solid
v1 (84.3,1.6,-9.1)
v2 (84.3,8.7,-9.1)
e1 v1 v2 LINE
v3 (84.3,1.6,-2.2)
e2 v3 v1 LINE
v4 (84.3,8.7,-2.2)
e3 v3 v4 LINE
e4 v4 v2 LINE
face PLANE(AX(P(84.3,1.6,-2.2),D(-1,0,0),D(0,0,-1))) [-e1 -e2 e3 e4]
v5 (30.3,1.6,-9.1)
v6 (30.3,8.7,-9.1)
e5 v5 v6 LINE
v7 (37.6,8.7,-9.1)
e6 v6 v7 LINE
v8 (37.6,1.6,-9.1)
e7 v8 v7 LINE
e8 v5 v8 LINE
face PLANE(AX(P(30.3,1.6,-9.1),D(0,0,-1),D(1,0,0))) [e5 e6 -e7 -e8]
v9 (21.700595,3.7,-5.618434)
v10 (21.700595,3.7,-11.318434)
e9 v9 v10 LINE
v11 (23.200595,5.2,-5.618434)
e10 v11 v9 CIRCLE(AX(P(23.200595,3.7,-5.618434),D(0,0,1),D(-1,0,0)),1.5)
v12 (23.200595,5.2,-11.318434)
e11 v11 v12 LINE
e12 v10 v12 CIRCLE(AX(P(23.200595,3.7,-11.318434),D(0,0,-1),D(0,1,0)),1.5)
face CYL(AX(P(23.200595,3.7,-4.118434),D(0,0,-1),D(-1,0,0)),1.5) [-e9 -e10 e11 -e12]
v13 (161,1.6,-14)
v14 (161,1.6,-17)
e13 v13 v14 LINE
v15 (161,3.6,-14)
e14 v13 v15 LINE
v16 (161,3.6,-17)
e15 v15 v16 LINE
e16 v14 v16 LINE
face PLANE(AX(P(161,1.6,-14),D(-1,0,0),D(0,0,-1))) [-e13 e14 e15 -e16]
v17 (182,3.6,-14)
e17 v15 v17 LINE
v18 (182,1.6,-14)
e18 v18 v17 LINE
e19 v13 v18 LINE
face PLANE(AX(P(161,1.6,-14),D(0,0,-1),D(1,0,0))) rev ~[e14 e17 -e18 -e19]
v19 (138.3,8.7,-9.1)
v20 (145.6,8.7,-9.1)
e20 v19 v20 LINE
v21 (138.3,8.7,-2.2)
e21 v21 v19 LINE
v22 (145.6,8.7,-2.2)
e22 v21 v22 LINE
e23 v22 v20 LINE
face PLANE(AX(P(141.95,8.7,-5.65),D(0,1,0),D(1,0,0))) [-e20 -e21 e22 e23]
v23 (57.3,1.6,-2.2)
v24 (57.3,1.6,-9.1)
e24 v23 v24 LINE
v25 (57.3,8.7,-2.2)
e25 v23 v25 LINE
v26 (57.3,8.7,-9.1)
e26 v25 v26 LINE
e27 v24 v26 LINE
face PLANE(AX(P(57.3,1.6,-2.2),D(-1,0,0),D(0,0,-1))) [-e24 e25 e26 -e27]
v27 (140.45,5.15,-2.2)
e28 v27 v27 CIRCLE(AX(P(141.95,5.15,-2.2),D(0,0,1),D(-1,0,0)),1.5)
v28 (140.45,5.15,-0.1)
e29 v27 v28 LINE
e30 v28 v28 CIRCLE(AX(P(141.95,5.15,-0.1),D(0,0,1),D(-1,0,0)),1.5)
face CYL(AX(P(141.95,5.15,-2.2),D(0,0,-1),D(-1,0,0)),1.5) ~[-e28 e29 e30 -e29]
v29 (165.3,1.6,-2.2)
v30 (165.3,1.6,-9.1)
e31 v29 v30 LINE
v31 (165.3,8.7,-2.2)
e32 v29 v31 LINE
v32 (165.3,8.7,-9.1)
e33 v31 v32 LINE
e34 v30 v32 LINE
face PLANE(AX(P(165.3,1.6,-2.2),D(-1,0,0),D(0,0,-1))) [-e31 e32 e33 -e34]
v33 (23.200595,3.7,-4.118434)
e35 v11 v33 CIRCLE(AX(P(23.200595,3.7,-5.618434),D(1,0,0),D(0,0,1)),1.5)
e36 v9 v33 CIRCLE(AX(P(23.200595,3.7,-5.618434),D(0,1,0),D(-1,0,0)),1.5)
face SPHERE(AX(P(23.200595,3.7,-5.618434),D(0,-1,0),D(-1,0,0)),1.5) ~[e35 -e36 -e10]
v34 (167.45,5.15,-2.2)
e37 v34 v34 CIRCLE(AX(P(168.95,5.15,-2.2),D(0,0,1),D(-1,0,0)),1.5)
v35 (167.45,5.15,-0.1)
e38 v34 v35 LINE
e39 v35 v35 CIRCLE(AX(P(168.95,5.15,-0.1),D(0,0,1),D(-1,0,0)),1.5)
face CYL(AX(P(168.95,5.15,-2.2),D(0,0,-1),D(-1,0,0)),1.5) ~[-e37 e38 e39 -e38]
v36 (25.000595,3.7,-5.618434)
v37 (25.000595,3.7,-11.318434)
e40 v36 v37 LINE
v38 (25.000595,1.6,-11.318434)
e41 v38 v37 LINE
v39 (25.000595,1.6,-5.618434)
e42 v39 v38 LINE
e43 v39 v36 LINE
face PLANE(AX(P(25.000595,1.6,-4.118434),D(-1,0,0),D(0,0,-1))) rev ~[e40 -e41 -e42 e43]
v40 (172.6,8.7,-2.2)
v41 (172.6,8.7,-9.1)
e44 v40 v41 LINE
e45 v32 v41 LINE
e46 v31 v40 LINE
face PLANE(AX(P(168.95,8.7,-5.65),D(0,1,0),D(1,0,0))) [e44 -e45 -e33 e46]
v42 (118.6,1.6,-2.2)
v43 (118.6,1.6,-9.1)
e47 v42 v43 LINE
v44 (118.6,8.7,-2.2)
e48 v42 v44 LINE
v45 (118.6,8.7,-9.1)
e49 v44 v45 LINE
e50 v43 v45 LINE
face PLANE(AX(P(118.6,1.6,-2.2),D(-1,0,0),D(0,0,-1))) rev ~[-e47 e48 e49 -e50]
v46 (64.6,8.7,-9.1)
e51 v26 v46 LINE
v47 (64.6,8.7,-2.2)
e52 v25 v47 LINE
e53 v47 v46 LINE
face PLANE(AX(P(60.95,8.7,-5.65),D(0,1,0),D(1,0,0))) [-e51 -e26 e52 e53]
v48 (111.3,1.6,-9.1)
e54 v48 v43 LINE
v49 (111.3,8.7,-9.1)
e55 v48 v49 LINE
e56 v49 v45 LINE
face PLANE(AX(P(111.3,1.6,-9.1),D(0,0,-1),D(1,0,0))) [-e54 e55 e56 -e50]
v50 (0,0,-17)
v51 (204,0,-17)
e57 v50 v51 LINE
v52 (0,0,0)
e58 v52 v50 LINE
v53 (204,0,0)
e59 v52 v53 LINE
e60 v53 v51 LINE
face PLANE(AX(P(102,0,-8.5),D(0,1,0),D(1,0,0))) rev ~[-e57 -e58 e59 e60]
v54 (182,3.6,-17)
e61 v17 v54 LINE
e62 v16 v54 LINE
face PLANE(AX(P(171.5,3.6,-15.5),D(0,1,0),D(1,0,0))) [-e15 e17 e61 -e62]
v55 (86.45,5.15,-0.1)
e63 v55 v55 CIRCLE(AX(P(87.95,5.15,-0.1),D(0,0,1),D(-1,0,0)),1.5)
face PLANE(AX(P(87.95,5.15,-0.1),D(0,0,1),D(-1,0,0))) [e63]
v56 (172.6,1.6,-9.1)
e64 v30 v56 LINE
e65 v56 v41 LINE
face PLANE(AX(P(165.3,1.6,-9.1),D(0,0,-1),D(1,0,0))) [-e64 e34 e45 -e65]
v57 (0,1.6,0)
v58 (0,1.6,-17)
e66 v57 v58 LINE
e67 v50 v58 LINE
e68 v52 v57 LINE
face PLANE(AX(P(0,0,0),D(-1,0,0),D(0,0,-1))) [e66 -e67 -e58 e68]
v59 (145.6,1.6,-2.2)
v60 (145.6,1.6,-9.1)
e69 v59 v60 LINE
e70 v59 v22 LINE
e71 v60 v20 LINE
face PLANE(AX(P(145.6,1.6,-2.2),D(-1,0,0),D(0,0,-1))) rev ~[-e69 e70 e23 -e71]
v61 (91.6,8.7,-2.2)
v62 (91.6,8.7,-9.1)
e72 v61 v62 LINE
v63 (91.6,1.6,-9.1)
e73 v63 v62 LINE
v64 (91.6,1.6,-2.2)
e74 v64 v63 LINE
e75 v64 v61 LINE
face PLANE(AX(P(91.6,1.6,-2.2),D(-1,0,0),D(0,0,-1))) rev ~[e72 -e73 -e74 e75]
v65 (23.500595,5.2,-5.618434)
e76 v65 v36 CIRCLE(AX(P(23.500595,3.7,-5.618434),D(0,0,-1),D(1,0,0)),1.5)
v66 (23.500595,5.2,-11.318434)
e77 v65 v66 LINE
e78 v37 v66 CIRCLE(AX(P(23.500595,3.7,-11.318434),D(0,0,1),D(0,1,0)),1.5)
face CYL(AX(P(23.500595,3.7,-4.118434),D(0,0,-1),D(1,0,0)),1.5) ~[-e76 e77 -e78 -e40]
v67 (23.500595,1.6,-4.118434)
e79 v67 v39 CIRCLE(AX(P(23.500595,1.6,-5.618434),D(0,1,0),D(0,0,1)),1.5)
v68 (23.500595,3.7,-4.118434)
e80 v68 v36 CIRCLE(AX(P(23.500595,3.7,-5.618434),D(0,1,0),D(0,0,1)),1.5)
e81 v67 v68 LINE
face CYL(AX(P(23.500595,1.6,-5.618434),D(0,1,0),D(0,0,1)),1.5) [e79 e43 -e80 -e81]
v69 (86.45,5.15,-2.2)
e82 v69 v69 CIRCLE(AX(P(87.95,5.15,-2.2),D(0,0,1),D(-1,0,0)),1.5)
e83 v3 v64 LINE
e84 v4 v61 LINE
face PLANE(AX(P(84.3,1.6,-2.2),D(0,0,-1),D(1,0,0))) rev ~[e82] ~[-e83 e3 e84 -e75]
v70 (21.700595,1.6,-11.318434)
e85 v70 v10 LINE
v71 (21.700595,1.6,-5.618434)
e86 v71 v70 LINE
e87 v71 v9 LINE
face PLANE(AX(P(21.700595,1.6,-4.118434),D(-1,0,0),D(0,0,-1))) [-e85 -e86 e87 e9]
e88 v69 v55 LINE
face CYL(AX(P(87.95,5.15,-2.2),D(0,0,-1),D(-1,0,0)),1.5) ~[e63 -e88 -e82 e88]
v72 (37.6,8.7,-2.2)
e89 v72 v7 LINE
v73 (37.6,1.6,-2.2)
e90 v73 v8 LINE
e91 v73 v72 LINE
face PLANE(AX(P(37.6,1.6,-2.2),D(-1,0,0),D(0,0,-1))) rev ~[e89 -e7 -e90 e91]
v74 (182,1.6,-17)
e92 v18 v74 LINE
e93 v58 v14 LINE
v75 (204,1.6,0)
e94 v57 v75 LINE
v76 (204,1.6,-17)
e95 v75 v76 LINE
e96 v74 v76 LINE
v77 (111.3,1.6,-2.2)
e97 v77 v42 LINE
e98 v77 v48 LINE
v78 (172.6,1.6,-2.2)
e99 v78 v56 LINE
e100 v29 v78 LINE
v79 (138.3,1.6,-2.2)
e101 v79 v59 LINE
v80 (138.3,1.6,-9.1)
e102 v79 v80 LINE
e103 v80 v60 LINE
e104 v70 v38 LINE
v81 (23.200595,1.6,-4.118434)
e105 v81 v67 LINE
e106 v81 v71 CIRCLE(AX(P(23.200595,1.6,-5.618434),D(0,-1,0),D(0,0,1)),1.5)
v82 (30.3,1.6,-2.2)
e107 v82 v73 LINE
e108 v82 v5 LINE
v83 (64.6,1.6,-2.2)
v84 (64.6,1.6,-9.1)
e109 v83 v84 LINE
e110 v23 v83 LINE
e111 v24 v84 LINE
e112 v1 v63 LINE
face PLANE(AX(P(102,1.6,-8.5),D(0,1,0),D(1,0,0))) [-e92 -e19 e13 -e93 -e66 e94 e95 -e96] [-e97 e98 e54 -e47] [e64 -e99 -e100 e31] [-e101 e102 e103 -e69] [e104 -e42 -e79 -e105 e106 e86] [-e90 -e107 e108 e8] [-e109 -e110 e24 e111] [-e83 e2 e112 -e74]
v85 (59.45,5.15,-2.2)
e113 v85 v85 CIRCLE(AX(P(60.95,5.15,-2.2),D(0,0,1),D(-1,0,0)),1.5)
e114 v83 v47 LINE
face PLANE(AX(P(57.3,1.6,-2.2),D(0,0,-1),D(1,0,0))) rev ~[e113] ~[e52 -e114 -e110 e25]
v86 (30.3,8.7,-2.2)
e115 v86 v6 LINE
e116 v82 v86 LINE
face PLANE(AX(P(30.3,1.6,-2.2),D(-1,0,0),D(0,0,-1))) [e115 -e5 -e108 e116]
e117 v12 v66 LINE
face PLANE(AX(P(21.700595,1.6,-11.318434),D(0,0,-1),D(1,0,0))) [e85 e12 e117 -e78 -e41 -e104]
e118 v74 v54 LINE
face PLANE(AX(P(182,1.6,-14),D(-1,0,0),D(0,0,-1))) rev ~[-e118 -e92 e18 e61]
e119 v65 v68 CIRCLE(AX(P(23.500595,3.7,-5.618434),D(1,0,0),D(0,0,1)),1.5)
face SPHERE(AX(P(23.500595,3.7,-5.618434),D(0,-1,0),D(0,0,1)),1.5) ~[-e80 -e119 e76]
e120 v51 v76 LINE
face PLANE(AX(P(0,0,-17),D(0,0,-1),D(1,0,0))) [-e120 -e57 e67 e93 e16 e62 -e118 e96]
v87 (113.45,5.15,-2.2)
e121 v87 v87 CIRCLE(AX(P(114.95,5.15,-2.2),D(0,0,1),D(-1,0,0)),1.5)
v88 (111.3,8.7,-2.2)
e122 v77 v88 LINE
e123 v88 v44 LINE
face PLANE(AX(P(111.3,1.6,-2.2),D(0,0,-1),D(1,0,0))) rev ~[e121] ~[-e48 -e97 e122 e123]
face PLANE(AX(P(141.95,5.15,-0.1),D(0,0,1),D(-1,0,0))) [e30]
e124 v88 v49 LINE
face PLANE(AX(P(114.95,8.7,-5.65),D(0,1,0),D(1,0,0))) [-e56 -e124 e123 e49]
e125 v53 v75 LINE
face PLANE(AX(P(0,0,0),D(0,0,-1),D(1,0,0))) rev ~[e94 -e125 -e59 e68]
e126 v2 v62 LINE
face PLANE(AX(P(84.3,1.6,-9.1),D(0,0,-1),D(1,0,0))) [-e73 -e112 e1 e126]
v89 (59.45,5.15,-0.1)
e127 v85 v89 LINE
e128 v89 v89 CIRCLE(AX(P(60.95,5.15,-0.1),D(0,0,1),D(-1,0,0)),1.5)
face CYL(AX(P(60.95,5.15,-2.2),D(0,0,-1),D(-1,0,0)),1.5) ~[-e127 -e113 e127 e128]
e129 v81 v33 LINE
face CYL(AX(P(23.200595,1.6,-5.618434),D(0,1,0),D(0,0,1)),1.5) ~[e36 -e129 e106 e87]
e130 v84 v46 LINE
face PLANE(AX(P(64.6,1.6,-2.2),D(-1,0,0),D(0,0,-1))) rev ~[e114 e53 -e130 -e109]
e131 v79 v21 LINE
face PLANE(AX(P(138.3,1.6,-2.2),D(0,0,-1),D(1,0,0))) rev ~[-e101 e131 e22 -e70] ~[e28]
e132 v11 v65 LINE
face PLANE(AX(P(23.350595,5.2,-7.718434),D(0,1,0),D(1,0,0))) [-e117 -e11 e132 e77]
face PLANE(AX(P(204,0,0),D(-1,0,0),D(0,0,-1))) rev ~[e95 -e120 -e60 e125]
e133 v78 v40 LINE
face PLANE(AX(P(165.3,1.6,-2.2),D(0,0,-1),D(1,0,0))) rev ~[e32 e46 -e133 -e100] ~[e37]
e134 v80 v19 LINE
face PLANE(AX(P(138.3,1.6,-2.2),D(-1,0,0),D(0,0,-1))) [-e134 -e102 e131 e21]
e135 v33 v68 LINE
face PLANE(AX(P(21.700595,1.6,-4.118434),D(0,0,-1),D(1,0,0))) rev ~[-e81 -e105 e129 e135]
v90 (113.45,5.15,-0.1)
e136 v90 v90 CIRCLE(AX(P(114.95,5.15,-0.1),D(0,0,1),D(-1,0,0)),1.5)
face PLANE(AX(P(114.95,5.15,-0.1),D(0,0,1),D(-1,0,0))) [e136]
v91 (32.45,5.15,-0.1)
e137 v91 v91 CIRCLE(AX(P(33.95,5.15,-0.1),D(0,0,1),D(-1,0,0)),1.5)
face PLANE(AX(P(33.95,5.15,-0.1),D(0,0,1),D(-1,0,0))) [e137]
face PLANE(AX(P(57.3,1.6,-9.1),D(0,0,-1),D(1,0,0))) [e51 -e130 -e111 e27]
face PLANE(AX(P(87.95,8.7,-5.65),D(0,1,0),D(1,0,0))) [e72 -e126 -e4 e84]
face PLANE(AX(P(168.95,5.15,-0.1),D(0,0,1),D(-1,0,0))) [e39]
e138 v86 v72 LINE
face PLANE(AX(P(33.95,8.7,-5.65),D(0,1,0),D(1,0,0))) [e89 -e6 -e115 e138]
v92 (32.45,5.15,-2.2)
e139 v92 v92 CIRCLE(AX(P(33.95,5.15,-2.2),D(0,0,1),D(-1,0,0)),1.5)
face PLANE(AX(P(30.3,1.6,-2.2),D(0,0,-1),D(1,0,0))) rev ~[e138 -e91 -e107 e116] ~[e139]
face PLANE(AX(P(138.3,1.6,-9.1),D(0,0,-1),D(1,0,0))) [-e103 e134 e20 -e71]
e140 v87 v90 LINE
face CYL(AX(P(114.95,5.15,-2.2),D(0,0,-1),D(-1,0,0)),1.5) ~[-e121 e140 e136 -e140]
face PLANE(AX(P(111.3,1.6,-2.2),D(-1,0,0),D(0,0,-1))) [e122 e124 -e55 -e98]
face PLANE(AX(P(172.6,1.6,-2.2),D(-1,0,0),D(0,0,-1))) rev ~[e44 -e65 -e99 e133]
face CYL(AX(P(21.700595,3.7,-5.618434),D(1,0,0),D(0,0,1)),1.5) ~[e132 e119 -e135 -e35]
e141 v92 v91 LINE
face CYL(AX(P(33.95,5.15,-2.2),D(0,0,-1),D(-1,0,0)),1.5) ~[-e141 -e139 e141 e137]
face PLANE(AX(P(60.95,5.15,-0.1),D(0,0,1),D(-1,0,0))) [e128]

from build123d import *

# Parameters (mm, degrees)
SKETCH1_W           = 204
SKETCH1_H           = 17
BOSS_EXTRUDE1_DEPTH = 1.6
SKETCH2_W           = 7.3
SKETCH2_H           = 6.9
BOSS_EXTRUDE2_DEPTH = 7.1
SKETCH6_R           = 1.5
BOSS_EXTRUDE6_DEPTH = 2.1
SKETCH4_W           = 3.3
SKETCH4_H           = 7.2
BOSS_EXTRUDE4_DEPTH = 3.6
SKETCH5_W           = 21
SKETCH5_H           = 3
BOSS_EXTRUDE5_DEPTH = 2
LPATTERN1_COUNT     = 6
LPATTERN1_PITCH     = 27
FILLET1_R           = 1.5


with BuildPart() as part:
    # Sketch1 → Boss-Extrude1 (new body)
    with BuildSketch(Plane(origin=(0, 0, 0), x_dir=(1, 0, 0), z_dir=(0, 1, 0))):
        with Locations((102, 8.5)):
            Rectangle(SKETCH1_W, SKETCH1_H)
    extrude(amount=BOSS_EXTRUDE1_DEPTH)

    # Sketch2 → Boss-Extrude2 (add)
    with BuildSketch(Plane(origin=(0, 1.6, 0), x_dir=(1, 0, 0), z_dir=(0, 1, 0))):
        with Locations((33.95, 5.65)):
            Rectangle(SKETCH2_W, SKETCH2_H)
    boss_extrude2 = extrude(amount=BOSS_EXTRUDE2_DEPTH)

    # Sketch6 → Boss-Extrude6 (add)
    with BuildSketch(Plane.XY.offset(-2.2)):
        with Locations(Location((33.95, 5.15, 0), (0, 0, 180))):
            Circle(SKETCH6_R)
    boss_extrude6 = extrude(amount=BOSS_EXTRUDE6_DEPTH)

    # Sketch4 → Boss-Extrude4 (add)
    with BuildSketch(Plane(origin=(0, 1.6, 0), x_dir=(1, 0, 0), z_dir=(0, 1, 0))):
        with Locations((23.350594588, 7.718433613)):
            Rectangle(SKETCH4_W, SKETCH4_H)
    extrude(amount=BOSS_EXTRUDE4_DEPTH)

    # Sketch5 → Boss-Extrude5 (add)
    with BuildSketch(Plane(origin=(0, 1.6, 0), x_dir=(1, 0, 0), z_dir=(0, 1, 0))):
        with Locations((171.5, 15.5)):
            Rectangle(SKETCH5_W, SKETCH5_H)
    extrude(amount=BOSS_EXTRUDE5_DEPTH)

    # LPattern1: Boss-Extrude2, Boss-Extrude6 ×6
    with Locations(*[(i * LPATTERN1_PITCH, 0, 0) for i in range(1, LPATTERN1_COUNT)]):
        add(boss_extrude2)
        add(boss_extrude6)

    # Fillet1
    fillet1_edges = [part.edges().sort_by_distance(p)[0] for p in [
        (21.700594588, 3.4, -4.118433613),
        (25.000594588, 3.4, -4.118433613),
        (21.700594588, 5.2, -7.718433613),
        (23.350594588, 5.2, -4.118433613),
        (25.000594588, 5.2, -7.718433613),
    ]]
    fillet(fillet1_edges, radius=FILLET1_R)


solid = part.part
